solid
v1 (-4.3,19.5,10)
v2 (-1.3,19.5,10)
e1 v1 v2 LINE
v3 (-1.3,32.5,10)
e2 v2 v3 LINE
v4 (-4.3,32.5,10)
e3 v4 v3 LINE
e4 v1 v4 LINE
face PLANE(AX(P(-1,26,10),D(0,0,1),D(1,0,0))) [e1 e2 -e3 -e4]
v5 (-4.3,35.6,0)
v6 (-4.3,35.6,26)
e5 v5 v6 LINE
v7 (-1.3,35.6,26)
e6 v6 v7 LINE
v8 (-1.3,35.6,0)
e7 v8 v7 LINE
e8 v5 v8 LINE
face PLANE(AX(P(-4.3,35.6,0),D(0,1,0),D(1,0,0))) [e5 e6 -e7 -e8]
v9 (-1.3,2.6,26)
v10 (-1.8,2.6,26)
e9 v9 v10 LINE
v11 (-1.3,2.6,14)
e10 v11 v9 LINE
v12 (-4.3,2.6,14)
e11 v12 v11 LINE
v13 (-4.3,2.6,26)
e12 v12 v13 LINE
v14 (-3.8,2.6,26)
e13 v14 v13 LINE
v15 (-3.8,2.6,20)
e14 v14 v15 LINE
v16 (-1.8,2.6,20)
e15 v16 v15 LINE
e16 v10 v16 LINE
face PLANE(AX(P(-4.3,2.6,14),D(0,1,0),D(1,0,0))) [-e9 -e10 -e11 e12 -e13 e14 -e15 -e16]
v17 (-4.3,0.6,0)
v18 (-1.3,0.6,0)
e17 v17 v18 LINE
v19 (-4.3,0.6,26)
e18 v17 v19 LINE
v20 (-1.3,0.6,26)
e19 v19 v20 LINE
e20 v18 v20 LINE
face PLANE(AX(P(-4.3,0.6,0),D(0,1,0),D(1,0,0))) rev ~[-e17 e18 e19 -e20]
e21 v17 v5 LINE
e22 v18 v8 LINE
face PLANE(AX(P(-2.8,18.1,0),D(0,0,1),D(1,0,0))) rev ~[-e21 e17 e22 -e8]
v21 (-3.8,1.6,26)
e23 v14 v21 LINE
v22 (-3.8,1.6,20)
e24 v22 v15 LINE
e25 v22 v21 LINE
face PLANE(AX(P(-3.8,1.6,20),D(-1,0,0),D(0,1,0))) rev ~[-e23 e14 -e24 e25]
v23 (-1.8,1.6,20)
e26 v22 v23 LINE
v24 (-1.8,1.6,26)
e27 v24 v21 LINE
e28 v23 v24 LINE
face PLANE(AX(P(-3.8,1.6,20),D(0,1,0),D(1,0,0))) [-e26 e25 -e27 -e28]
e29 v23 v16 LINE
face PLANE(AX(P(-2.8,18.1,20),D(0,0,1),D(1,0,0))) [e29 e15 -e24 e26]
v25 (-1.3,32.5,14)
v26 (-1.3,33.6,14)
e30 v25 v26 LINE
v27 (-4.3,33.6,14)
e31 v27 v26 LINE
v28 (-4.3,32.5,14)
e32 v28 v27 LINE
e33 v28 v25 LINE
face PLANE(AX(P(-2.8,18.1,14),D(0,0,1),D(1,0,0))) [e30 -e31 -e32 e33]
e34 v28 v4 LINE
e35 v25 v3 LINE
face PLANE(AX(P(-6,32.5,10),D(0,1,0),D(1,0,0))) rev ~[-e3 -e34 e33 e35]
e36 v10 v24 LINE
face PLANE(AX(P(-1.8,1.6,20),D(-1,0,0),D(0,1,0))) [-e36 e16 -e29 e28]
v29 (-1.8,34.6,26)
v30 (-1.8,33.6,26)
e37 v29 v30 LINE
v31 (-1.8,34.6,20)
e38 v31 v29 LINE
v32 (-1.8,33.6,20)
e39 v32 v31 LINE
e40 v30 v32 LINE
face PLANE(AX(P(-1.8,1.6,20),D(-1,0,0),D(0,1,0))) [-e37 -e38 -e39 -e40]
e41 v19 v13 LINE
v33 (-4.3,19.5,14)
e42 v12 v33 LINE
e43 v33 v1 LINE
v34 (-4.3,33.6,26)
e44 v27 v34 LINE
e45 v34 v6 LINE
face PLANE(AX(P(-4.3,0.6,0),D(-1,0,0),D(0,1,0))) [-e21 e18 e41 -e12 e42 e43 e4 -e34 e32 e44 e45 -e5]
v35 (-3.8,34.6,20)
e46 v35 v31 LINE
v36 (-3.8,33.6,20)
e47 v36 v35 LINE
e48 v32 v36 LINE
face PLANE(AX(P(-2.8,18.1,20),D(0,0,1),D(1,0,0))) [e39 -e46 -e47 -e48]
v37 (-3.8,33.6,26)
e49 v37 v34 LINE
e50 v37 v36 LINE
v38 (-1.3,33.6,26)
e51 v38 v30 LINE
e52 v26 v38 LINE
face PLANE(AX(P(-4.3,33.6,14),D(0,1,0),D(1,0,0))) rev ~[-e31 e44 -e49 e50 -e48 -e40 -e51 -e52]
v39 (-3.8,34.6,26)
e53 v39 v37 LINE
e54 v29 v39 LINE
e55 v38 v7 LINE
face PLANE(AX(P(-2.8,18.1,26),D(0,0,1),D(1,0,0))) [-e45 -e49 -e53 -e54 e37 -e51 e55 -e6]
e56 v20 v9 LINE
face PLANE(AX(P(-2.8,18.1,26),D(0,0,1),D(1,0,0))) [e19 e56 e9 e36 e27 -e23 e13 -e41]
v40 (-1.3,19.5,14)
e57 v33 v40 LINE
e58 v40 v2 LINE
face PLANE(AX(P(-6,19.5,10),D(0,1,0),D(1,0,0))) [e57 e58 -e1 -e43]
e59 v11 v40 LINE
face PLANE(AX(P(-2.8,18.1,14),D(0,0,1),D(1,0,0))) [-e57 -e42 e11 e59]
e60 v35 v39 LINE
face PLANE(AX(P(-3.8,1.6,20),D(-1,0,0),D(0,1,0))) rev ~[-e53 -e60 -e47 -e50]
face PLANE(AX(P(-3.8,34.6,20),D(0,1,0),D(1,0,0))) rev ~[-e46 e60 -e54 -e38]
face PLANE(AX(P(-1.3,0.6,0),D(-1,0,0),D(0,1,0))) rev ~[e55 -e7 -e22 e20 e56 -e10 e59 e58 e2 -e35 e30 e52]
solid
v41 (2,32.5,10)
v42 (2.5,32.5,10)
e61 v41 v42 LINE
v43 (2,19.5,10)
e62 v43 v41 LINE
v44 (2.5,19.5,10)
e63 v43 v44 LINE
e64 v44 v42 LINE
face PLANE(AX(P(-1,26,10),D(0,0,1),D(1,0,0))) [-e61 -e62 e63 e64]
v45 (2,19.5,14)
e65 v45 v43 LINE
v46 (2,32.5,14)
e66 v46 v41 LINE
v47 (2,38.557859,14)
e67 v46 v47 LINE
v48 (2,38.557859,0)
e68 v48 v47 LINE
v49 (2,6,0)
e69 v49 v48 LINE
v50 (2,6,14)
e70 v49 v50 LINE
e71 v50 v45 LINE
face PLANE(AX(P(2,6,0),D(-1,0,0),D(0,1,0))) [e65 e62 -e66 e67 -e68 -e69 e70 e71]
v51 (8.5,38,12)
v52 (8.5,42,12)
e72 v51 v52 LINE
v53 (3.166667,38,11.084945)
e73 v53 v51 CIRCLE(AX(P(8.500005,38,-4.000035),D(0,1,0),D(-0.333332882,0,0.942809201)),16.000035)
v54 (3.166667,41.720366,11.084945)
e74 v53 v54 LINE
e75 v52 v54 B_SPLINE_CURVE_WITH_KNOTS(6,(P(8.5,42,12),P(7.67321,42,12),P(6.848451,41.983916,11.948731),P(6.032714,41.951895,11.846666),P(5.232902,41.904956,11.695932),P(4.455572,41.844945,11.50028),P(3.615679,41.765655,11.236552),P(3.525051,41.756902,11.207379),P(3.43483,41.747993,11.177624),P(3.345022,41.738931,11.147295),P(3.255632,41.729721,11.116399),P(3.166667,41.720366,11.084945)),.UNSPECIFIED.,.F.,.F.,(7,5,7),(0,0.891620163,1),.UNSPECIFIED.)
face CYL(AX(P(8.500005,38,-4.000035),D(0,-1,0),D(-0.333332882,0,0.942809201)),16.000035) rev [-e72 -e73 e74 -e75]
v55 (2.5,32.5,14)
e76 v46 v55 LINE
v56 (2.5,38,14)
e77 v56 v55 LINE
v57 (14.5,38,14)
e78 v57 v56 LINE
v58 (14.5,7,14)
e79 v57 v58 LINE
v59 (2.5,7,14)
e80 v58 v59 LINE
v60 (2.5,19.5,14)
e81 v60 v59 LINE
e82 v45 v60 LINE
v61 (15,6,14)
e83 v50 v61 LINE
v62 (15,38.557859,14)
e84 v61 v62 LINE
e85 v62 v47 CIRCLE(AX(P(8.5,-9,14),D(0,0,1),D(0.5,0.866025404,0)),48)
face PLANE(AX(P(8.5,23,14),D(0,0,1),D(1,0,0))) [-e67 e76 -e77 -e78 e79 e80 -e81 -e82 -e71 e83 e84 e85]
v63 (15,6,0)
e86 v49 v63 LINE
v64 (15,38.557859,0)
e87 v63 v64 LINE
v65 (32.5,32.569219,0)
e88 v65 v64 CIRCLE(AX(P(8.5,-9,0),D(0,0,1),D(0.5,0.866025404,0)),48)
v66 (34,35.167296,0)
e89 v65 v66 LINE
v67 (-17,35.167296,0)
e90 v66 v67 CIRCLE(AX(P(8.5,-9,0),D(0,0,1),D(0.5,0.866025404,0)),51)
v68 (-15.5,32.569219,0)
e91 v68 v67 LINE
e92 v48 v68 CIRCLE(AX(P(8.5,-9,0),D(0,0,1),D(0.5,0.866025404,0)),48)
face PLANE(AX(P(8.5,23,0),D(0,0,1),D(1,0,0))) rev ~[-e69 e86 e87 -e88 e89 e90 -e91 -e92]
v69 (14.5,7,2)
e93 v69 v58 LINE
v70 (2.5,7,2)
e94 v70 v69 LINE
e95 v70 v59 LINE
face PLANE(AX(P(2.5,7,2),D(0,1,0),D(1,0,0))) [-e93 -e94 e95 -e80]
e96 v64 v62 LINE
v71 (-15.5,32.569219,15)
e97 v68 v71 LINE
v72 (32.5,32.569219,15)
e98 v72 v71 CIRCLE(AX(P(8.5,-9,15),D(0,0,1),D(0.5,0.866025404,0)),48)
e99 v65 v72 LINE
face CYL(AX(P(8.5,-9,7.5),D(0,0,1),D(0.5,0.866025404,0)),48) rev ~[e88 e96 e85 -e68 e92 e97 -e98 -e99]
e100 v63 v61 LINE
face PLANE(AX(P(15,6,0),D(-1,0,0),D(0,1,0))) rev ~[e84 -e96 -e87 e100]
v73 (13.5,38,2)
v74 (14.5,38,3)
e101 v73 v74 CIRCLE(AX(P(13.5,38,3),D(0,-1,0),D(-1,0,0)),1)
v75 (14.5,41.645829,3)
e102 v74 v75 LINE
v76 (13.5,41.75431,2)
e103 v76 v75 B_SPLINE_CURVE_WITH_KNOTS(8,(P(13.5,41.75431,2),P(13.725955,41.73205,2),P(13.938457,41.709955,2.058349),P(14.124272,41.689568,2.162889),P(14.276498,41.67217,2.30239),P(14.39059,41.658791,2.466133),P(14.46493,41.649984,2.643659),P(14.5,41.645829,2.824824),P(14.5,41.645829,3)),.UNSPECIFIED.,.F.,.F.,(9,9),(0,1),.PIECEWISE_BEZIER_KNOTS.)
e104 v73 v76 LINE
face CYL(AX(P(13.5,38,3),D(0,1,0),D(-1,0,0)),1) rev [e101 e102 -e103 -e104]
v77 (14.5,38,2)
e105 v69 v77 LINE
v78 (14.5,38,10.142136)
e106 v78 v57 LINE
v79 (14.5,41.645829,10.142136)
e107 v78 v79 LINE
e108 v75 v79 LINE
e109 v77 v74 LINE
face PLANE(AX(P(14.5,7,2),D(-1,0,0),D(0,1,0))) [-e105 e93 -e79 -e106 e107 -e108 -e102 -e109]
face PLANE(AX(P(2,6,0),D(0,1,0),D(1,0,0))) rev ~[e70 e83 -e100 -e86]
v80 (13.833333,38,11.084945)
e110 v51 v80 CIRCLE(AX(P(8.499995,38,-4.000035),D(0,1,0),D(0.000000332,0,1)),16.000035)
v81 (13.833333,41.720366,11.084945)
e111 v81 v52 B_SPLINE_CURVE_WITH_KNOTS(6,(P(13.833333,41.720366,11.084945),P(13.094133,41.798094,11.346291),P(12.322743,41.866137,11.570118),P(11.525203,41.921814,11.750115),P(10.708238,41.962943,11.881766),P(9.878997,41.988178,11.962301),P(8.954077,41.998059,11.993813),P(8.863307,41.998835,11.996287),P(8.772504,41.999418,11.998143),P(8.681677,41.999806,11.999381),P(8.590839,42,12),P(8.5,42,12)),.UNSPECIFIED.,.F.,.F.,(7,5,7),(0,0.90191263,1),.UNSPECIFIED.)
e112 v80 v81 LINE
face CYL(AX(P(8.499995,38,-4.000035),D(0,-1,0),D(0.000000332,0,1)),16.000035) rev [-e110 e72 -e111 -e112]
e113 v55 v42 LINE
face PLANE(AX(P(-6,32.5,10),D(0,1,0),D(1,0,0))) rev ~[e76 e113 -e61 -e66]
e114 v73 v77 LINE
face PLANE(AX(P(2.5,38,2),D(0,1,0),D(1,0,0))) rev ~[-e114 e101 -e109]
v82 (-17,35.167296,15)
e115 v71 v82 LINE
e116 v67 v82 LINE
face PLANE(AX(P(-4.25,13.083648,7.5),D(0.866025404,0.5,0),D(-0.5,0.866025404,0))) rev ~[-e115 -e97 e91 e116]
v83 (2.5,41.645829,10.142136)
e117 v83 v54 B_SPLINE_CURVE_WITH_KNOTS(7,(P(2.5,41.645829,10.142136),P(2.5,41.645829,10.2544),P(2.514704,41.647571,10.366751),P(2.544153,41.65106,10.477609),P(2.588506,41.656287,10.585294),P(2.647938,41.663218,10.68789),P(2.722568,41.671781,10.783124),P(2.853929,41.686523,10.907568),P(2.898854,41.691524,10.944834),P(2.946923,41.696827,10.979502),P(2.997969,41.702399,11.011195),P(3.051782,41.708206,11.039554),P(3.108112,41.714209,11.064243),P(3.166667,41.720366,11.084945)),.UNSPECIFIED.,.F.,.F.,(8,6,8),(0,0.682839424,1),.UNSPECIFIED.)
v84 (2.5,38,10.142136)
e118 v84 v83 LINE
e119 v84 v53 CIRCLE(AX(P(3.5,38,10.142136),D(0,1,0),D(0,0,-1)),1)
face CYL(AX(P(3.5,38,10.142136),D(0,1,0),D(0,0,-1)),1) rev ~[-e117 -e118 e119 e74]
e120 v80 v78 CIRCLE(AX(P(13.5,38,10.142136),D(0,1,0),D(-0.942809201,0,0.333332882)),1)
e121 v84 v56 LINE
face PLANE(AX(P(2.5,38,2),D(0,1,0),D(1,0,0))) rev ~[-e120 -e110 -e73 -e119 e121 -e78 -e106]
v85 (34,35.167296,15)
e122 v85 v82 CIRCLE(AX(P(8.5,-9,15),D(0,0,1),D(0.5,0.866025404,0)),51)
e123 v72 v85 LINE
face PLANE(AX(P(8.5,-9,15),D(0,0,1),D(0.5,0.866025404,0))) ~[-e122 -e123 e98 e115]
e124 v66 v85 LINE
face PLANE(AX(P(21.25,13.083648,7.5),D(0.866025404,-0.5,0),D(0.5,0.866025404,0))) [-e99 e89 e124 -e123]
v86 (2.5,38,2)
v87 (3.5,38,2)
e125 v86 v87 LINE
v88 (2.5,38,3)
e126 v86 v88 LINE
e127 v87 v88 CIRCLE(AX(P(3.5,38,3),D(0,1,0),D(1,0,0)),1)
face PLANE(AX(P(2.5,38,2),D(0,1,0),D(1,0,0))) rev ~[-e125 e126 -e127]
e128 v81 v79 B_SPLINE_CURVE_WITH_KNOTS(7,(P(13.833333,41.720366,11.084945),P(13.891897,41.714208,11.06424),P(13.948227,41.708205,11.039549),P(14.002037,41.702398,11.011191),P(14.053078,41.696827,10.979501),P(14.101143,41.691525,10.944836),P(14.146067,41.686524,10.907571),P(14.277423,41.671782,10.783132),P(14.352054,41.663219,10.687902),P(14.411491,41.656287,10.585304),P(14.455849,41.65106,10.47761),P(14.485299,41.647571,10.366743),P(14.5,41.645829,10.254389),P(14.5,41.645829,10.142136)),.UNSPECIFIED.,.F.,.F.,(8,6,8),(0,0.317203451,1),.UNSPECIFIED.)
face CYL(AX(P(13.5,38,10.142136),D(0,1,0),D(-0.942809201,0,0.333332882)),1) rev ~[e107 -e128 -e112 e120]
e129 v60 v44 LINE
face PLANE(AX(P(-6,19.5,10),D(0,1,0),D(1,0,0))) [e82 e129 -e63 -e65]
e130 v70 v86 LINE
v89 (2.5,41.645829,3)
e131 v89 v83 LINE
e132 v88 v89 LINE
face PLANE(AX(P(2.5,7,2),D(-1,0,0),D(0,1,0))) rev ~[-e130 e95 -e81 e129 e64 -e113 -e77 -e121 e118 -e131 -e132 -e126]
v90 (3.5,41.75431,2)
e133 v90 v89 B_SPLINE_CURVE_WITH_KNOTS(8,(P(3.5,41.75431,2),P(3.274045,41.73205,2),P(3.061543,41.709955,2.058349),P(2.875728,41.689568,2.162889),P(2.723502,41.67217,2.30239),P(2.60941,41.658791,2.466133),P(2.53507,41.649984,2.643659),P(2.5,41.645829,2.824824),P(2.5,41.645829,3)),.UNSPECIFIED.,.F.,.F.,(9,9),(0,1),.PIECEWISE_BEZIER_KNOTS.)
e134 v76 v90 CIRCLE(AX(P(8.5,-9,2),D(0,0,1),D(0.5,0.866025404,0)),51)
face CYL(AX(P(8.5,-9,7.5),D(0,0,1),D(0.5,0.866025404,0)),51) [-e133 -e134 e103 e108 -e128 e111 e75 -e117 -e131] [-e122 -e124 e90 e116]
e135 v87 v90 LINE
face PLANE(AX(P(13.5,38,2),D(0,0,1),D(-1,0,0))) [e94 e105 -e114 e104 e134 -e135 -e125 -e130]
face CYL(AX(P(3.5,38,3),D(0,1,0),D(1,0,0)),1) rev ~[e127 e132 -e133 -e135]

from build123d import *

# Parameters (mm, degrees)
BOX005_W                    = 10
BOX005_H                    = 13
BOX005_DEPTH                = 4
BOX004_W                    = 3
BOX004_H                    = 31
BOX004_DEPTH                = 14
BOX003_W                    = 2
BOX003_H                    = 33
BOX003_DEPTH                = 11.2
BOX002_W                    = 3
BOX002_H                    = 35
BOX002_DEPTH                = 26
EXTRUDE_DEPTH               = 5
EXTRUDE001_DEPTH            = 5
THICKNESS_T                 = 1
BOX_W                       = 12
BOX_H                       = 31
BOX_DEPTH                   = 15
BOX001_W                    = 13
BOX001_H                    = 34
BOX001_DEPTH                = 14
CYLINDER001_W               = 48
CYLINDER001_H               = 15
CYLINDER001_ANGLE           = 60
CYLINDER001_PLACEMENT_ANGLE = 60
CYLINDER_W                  = 51
CYLINDER_H                  = 15
CYLINDER_ANGLE              = 60
CYLINDER_PLACEMENT_ANGLE    = 60


with BuildPart() as servo_wall_cutaway:
    # Box005 → Box005 (new body)
    with BuildSketch(Plane(origin=(-6, 19.5, 10), x_dir=(1, 0, 0), z_dir=(0, 0, 1))):
        with Locations((5, 6.5)):
            Rectangle(BOX005_W, BOX005_H)
    extrude(amount=BOX005_DEPTH)


with BuildPart() as slot_wall_cutout2:
    # Box004 → Box004 (new body)
    with BuildSketch(Plane(origin=(-1, 7, 14), x_dir=(1, 0, 0), z_dir=(0, 0, 1))):
        with Locations((1.5, 15.5)):
            Rectangle(BOX004_W, BOX004_H)
    extrude(amount=BOX004_DEPTH)


with BuildPart() as slot_wall_cutout1:
    # Box003 → Box003 (new body)
    with BuildSketch(Plane(origin=(-0.5, 6, 20), x_dir=(1, 0, 0), z_dir=(0, 0, 1))):
        with Locations((1, 16.5)):
            Rectangle(BOX003_W, BOX003_H)
    extrude(amount=BOX003_DEPTH)


with BuildPart() as wall_slot_finished:
    # Box002 → Box002 (new body)
    with BuildSketch(Plane(origin=(-1, 5, 0), x_dir=(1, 0, 0), z_dir=(0, 0, 1))):
        with Locations((1.5, 17.5)):
            Rectangle(BOX002_W, BOX002_H)
    extrude(amount=BOX002_DEPTH)

    # Cut003: cut slot wall cutout1
    add(slot_wall_cutout1.part, mode=Mode.SUBTRACT)

    # Cut004: cut slot wall cutout2
    add(slot_wall_cutout2.part, mode=Mode.SUBTRACT)


with BuildPart() as wall_slot_finished_1:
    # Cut004 placement: moved
    add(wall_slot_finished.part.moved(Location((-3.3, -4.4, 0))))


with BuildPart() as extrude_body:
    # Common_cs → Extrude (new body)
    with BuildSketch(Plane(origin=(8.5, 45, 6), x_dir=(1, 0, 0), z_dir=(0, 1, 0))):
        with BuildLine():
            Line((5, 4), (-5, 4))
            Line((-5, 4), (-5, -3.142136))
            ThreePointArc((-5, -3.142136), (-2.53653, -3.783978), (0, -4))
            ThreePointArc((0, -4), (2.53653, -3.783978), (5, -3.142136))
            Line((5, -3.142136), (5, 4))
        make_face()
    extrude(amount=EXTRUDE_DEPTH)


with BuildPart() as extrude001:
    # Common_cs001 → Extrude001 (new body)
    with BuildSketch(Plane(origin=(8.5, 45, 6), x_dir=(1, 0, 0), z_dir=(0, 1, 0))):
        with BuildLine():
            Line((5, 4), (-5, 4))
            Line((-5, 4), (-5, -3.142136))
            ThreePointArc((-5, -3.142136), (-2.53653, -3.783978), (0, -4))
            ThreePointArc((0, -4), (2.53653, -3.783978), (5, -3.142136))
            Line((5, -3.142136), (5, 4))
        make_face()
    extrude(amount=EXTRUDE001_DEPTH)


with BuildPart() as bolt_bottle_side_opening:
    # Thickness base: copy of Extrude body
    add(extrude_body.part)

    # Thickness
    thickness_openings = [bolt_bottle_side_opening.faces().sort_by_distance(p)[0] for p in [
        (8.5, 50, 5.862901),
    ]]
    offset(amount=THICKNESS_T, openings=thickness_openings)

    # Fusion: union Extrude body, Extrude001
    add(extrude_body.part)
    add(extrude001.part)


with BuildPart() as bolt_bottle_side_opening_1:
    # Fusion placement: moved
    add(bolt_bottle_side_opening.part.moved(Location((0, -7, 1))))


with BuildPart() as pullbay:
    # Box → Box (new body)
    with BuildSketch(Plane(origin=(2.5, 7, 2), x_dir=(1, 0, 0), z_dir=(0, 0, 1))):
        with Locations((6, 15.5)):
            Rectangle(BOX_W, BOX_H)
    extrude(amount=BOX_DEPTH)


with BuildPart() as cut_bay_from_case:
    # Box001 → Box001 (new body)
    with BuildSketch(Plane(origin=(2, 6, 0), x_dir=(1, 0, 0), z_dir=(0, 0, 1))):
        with Locations((6.5, 17)):
            Rectangle(BOX001_W, BOX001_H)
    extrude(amount=BOX001_DEPTH)

    # Cut001: cut pullBay
    add(pullbay.part, mode=Mode.SUBTRACT)


with BuildPart() as bottle_wall001:
    # Cylinder001 → Cylinder001 (revolve)
    with BuildSketch(Plane.XZ):
        with Locations((24, 7.5)):
            Rectangle(CYLINDER001_W, CYLINDER001_H)
    revolve(axis=Axis((0, 0, 0), (0, 0, 1)), revolution_arc=CYLINDER001_ANGLE)


with BuildPart() as bottle_wall001_1:
    # Cylinder001 placement: moved
    add(bottle_wall001.part.moved(Location((8.5, -7, 0))).rotate(Axis((8.5, -7, 0), (0, 0, 1)), CYLINDER001_PLACEMENT_ANGLE))


with BuildPart() as cut005:
    # Cylinder → Cylinder (revolve)
    with BuildSketch(Plane.XZ):
        with Locations((25.5, 7.5)):
            Rectangle(CYLINDER_W, CYLINDER_H)
    revolve(axis=Axis((0, 0, 0), (0, 0, 1)), revolution_arc=CYLINDER_ANGLE)


with BuildPart() as cut005_1:
    # Cylinder placement: moved
    add(cut005.part.moved(Location((8.5, -7, 0))).rotate(Axis((8.5, -7, 0), (0, 0, 1)), CYLINDER_PLACEMENT_ANGLE))

    # Cut: cut bottle_wall001
    add(bottle_wall001_1.part, mode=Mode.SUBTRACT)


with BuildPart() as cut005_2:
    # Cut placement: moved
    add(cut005_1.part.moved(Location((0, -2, 0))))

    # Fusion001: union cut bay from case
    add(cut_bay_from_case.part)

    # Cut002: cut bolt_bottle_side_opening
    add(bolt_bottle_side_opening_1.part, mode=Mode.SUBTRACT)

    # Fusion002: union wall slot finished
    add(wall_slot_finished_1.part)

    # Cut005: cut servo wall cutaway
    add(servo_wall_cutaway.part, mode=Mode.SUBTRACT)


solid = cut005_2.part
